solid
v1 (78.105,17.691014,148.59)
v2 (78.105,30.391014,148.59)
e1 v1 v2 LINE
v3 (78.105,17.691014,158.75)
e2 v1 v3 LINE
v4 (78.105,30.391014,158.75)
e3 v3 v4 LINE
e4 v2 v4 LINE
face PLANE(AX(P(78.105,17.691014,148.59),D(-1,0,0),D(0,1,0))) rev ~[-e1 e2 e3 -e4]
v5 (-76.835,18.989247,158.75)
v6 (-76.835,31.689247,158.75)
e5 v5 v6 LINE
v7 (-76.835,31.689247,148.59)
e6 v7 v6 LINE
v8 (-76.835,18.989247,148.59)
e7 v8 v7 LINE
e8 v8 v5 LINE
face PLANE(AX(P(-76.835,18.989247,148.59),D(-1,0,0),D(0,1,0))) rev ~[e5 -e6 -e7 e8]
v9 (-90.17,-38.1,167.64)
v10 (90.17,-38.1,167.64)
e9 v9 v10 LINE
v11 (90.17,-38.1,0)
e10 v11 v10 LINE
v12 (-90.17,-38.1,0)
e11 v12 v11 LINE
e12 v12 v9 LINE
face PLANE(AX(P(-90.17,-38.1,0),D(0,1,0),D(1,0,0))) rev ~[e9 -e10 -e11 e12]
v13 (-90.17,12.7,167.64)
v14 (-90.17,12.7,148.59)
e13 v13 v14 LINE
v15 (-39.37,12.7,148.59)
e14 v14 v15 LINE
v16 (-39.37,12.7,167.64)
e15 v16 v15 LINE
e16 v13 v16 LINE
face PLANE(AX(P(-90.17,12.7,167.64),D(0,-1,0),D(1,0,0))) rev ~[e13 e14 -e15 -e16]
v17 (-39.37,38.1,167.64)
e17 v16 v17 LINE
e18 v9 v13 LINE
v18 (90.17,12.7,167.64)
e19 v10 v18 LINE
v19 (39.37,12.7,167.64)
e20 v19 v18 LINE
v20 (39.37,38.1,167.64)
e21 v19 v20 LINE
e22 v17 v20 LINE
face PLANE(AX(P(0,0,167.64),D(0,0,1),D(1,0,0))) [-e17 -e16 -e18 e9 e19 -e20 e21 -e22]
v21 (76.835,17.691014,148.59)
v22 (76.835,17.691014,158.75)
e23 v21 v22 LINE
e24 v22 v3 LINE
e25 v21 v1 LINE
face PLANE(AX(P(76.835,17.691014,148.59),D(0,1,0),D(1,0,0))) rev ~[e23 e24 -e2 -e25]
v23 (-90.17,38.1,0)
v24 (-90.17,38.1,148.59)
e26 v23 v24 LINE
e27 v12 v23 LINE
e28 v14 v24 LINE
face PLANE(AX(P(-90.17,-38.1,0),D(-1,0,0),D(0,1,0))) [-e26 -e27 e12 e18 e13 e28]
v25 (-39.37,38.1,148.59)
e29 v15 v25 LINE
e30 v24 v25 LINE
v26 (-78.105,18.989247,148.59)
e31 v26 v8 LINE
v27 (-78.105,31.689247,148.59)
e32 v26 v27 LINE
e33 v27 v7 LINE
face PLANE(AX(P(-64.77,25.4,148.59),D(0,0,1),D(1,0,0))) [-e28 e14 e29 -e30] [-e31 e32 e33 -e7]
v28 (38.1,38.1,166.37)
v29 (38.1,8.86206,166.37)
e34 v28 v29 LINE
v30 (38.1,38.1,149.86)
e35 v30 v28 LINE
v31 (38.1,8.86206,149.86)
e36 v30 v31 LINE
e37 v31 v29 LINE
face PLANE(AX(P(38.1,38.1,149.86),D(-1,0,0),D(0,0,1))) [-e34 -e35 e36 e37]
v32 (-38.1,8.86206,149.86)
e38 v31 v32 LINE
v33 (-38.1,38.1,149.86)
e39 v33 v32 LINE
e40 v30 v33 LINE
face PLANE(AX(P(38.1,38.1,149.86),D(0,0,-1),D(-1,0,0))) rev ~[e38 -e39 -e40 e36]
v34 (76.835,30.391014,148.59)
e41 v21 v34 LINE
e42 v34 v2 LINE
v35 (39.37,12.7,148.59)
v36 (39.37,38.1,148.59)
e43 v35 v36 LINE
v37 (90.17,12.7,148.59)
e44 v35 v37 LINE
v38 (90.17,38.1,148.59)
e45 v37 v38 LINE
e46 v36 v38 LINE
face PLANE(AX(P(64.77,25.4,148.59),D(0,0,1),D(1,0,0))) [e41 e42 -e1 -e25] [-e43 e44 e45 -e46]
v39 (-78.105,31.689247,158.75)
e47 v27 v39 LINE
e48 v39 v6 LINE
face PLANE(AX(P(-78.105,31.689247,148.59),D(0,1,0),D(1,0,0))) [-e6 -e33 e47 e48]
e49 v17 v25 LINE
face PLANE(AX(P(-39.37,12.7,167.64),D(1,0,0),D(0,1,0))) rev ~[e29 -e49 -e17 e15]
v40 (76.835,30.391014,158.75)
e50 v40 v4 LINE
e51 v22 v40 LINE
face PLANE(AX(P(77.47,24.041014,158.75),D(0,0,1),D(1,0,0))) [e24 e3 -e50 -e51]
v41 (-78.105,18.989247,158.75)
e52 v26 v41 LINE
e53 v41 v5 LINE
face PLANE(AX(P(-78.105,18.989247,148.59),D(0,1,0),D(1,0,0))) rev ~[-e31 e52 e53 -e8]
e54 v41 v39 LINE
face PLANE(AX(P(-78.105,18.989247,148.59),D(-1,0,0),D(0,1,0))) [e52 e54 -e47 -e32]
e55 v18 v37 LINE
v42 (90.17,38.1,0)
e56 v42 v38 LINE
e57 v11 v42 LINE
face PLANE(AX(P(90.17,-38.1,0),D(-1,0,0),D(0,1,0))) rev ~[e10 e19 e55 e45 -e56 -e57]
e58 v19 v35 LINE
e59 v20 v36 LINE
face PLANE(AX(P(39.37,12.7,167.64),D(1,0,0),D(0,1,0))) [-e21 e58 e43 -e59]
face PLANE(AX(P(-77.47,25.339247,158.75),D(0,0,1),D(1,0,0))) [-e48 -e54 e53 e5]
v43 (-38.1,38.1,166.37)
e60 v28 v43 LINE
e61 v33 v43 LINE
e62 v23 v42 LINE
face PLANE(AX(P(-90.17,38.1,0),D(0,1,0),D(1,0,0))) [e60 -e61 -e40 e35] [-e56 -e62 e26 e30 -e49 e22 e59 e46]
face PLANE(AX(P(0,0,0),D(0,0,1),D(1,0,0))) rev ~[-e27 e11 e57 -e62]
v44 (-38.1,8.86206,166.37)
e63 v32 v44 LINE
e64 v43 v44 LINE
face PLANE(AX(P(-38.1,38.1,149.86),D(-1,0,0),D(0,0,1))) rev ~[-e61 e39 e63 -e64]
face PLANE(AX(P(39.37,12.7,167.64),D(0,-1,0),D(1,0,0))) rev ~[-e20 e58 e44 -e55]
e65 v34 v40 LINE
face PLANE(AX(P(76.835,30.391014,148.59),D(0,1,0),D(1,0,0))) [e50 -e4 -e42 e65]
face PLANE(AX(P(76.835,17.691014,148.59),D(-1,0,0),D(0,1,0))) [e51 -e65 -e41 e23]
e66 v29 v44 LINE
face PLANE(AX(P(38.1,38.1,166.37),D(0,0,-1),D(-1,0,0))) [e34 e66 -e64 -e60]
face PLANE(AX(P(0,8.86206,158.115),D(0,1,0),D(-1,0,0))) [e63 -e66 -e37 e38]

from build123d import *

# Parameters (mm, degrees)
F0_W     = 180.34
F0_H     = 76.2
F1_DEPTH = 167.64
F2_W     = 50.8
F2_H     = 25.4
F3_DEPTH = 19.05
F4_W     = 1.27
F4_H     = 12.7
F5_DEPTH = 10.16
F7_W     = 76.2
F7_H     = 16.51
F8_DEPTH = 29.23794


with BuildPart() as f1:
    # F0 (on Top) → F1 (new body)
    with BuildSketch(Plane.XY):
        Rectangle(F0_W, F0_H)
    extrude(amount=F1_DEPTH)

    # F2 (on face) → F3 (cut)
    with BuildSketch(Plane.XY.offset(167.64)):
        with Locations((64.77, 25.4)):
            Rectangle(F2_W, F2_H)
        with Locations((-64.77, 25.4)):
            Rectangle(F2_W, F2_H)
    extrude(amount=-F3_DEPTH, mode=Mode.SUBTRACT)

    # F4 (on face) → F5 (join)
    with BuildSketch(Plane.XY.offset(148.59)):
        with Locations((77.47, 24.041014)):
            Rectangle(F4_W, F4_H)
        with Locations((-77.47, 25.339247)):
            Rectangle(F4_W, F4_H)
    extrude(amount=F5_DEPTH)

    # F7 (on face) → F8 (cut)
    with BuildSketch(Plane(origin=(0, 38.1, 0), x_dir=(-1, 0, 0), z_dir=(0, 1, 0))):
        with Locations((0, 158.115)):
            Rectangle(F7_W, F7_H)
    extrude(amount=-F8_DEPTH, mode=Mode.SUBTRACT)


solid = f1.part
